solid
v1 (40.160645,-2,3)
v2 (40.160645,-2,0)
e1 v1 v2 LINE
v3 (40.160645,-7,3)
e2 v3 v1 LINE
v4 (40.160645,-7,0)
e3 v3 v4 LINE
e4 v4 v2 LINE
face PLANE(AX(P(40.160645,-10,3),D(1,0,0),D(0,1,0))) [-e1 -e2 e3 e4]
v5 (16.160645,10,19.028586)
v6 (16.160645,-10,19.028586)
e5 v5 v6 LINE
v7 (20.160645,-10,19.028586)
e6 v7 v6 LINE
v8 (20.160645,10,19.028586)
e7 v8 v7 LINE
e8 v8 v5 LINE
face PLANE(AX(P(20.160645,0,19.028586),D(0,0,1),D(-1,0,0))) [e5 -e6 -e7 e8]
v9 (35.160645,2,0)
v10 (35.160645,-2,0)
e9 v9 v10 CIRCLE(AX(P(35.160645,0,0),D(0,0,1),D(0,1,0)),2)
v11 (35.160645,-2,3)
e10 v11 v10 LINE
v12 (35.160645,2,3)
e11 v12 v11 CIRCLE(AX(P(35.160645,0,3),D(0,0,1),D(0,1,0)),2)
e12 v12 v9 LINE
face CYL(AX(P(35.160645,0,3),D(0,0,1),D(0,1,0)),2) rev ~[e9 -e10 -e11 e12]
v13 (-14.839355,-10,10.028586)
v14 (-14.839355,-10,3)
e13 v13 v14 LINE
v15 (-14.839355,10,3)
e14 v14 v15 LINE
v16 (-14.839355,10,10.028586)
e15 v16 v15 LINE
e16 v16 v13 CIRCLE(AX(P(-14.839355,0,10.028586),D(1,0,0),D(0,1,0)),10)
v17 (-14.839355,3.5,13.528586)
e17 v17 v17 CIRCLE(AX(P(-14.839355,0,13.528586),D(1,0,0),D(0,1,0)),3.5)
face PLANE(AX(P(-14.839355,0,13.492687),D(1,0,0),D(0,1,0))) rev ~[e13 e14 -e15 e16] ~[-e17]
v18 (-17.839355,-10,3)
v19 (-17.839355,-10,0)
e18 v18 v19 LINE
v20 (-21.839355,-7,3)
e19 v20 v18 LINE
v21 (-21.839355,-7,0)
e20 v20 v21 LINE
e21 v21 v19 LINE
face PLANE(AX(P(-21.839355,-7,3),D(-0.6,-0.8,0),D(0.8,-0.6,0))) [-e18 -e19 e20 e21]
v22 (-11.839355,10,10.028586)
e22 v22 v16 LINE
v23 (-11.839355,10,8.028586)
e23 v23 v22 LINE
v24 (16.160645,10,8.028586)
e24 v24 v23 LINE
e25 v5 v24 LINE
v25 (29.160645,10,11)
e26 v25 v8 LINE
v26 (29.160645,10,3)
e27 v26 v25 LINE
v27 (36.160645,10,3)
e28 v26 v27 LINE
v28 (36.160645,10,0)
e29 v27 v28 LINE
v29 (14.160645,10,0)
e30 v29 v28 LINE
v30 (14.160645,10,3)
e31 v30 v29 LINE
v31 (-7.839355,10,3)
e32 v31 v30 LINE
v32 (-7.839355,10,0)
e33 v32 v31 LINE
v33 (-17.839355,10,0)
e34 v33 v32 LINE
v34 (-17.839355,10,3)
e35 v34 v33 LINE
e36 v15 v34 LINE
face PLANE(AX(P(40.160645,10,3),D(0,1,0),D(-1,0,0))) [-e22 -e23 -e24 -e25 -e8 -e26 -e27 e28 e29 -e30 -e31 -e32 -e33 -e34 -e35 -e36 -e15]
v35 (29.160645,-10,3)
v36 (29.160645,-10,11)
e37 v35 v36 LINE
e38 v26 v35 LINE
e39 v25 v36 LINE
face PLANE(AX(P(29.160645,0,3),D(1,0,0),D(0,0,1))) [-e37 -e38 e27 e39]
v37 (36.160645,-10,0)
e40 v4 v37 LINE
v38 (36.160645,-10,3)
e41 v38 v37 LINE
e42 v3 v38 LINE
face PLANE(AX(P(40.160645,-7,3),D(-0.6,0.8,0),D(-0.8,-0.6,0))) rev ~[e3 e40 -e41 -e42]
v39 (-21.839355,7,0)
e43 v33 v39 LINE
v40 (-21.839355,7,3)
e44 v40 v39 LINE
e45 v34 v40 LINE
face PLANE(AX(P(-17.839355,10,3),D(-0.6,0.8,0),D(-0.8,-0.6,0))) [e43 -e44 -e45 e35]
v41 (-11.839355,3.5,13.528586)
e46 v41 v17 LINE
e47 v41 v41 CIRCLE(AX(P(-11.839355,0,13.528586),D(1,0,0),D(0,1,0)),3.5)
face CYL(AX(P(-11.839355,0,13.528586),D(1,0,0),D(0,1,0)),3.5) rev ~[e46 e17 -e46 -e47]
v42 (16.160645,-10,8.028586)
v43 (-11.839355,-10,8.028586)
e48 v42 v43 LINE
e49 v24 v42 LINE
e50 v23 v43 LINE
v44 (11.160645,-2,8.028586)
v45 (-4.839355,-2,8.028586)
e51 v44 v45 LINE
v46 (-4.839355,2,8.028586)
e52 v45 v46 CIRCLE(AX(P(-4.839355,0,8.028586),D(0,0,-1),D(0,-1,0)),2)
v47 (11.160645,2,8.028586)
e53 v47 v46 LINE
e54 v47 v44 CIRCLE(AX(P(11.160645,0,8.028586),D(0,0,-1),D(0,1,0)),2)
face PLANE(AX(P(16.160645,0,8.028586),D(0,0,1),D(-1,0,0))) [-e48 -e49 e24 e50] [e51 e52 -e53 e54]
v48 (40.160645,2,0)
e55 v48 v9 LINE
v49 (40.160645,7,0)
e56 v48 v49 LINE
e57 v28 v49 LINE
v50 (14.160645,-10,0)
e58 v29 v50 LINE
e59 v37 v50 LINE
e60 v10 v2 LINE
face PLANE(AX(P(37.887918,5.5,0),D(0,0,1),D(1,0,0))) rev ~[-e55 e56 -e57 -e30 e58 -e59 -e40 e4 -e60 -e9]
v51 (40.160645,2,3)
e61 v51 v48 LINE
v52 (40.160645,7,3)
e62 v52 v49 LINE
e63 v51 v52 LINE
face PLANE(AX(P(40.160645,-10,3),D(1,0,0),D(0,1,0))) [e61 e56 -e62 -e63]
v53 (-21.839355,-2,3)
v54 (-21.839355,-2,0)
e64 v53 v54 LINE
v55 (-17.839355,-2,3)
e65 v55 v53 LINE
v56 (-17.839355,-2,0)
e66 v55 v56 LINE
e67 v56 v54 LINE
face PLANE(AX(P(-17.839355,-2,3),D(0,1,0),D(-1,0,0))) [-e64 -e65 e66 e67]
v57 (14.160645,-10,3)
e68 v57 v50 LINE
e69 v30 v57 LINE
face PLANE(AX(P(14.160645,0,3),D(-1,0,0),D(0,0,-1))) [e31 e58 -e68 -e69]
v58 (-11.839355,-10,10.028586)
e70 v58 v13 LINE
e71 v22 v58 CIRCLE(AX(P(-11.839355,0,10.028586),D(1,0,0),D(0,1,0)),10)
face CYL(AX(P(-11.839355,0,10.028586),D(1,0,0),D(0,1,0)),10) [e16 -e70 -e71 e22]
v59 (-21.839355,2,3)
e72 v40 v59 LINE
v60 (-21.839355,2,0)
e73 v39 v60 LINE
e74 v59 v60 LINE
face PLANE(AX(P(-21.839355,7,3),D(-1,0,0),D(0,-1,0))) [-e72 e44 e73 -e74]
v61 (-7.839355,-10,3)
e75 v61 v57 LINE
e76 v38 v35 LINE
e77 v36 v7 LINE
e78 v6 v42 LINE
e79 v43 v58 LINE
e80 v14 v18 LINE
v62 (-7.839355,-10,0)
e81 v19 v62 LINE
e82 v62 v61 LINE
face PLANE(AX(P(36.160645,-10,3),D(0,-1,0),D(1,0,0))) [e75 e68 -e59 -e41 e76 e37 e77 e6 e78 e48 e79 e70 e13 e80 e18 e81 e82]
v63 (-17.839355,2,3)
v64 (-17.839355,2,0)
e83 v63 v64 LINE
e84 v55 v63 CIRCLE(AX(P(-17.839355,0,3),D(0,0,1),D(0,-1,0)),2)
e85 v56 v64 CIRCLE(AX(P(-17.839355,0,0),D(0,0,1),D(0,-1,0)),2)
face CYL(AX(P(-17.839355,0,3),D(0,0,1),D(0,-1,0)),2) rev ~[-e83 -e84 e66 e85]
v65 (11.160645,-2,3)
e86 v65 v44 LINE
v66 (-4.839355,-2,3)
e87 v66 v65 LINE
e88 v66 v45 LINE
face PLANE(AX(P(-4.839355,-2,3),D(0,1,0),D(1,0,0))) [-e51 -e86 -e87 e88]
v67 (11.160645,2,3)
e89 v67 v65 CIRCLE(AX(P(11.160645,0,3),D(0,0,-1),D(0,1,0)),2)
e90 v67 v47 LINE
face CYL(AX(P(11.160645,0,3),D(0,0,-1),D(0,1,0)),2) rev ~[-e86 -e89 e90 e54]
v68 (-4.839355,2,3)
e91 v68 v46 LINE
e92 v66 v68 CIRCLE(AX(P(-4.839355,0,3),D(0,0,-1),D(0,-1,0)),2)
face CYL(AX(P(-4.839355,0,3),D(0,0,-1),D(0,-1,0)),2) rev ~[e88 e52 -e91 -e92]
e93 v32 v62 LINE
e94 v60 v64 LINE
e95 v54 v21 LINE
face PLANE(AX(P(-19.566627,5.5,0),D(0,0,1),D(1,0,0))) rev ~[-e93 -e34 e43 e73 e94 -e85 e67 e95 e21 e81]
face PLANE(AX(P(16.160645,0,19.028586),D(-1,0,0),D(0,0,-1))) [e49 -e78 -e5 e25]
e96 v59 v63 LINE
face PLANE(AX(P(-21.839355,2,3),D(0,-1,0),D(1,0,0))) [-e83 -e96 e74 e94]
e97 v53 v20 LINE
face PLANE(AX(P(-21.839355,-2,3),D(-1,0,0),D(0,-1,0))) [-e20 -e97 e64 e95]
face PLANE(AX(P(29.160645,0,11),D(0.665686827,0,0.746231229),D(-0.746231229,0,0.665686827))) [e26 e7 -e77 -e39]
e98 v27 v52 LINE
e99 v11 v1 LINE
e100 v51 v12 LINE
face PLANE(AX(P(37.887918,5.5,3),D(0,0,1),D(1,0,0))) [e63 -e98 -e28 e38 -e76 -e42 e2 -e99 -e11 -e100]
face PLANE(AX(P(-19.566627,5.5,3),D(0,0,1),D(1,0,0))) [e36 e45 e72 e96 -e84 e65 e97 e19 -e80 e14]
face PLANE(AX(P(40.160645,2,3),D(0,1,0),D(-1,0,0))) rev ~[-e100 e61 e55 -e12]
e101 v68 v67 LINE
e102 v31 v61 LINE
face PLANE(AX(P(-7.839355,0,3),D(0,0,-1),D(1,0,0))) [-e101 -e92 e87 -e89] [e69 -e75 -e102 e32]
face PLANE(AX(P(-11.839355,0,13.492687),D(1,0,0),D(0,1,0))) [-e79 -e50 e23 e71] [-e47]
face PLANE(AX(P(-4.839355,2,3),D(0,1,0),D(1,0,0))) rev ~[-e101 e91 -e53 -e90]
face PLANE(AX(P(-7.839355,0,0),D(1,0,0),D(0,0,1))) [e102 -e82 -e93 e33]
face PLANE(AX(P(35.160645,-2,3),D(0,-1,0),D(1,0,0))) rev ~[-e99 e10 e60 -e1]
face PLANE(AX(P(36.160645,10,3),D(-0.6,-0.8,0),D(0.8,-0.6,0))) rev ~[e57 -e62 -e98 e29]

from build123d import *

# Parameters (mm, degrees)
F1_DEPTH  = 10
F3_W      = 4
F3_H      = 4
F4_DEPTH  = 3
F5_DEPTH  = 3
F7_DEPTH  = 3
F8_DEPTH  = 3
F9_W      = 16
F9_H      = 4
F10_DEPTH = 6
F11_DEPTH = 3
F12_R     = 3.5
F13_DEPTH = 3


with BuildPart() as f1:
    # F0 (on Front) → F1 (new body, symmetric)
    with BuildSketch(Plane.XZ):
        Polygon((-17.8393546607, 3), (-17.8393546607, 0), (-7.8393546607, 0), (-7.8393546607, 3), (14.1606453393, 3), (14.1606453393, 0), (36.1606453393, 0), (36.1606453393, 3), (29.1606453393, 3), (29.1606453393, 11), (20.1606453393, 19.0285857916), (16.1606453393, 19.0285857916), (16.1606453393, 8.0285857916), (-11.8393546607, 8.0285857916), (-11.8393546607, 10.0285857916), (-14.8393546607, 10.0285857916), (-14.8393546607, 3), align=None)
    extrude(amount=F1_DEPTH, both=True)

    # F3 (on face) → F4 (join)
    with BuildSketch(Plane.XY.offset(3)):
        Polygon((40.1606453393, 7), (36.1606453393, 10), (36.1606453393, 2), (40.1606453393, 2), align=None)
        Polygon((40.1606453393, 10), (36.1606453393, 10), (40.1606453393, 7), align=None)
        with Locations((38.1606453393, 0)):
            Rectangle(F3_W, F3_H)
        with BuildLine():
            Line((36.1606453393, -2), (36.1606453393, 2))
            Line((36.1606453393, 2), (35.1606453393, 2))
            ThreePointArc((35.1606453393, 2), (33.1606453393, 0), (35.1606453393, -2))
            Line((35.1606453393, -2), (36.1606453393, -2))
        make_face()
        Polygon((40.1606453393, -2), (36.1606453393, -2), (36.1606453393, -10), (40.1606453393, -7), align=None)
        Polygon((40.1606453393, -7), (36.1606453393, -10), (40.1606453393, -10), align=None)
    extrude(amount=-F4_DEPTH)

    # F3 (on face) → F5 (cut)
    with BuildSketch(Plane.XY.offset(3)):
        with Locations((38.1606453393, 0)):
            Rectangle(F3_W, F3_H)
        with BuildLine():
            Line((36.1606453393, -2), (36.1606453393, 2))
            Line((36.1606453393, 2), (35.1606453393, 2))
            ThreePointArc((35.1606453393, 2), (33.1606453393, 0), (35.1606453393, -2))
            Line((35.1606453393, -2), (36.1606453393, -2))
        make_face()
        Polygon((40.1606453393, -7), (36.1606453393, -10), (40.1606453393, -10), align=None)
        Polygon((40.1606453393, 10), (36.1606453393, 10), (40.1606453393, 7), align=None)
    extrude(amount=-F5_DEPTH, mode=Mode.SUBTRACT)

    # F6 (on face) → F7 (join)
    with BuildSketch(Plane.XY.offset(3)):
        Polygon((-17.8393546607, 2), (-17.8393546607, 10), (-21.8393546607, 7), (-21.8393546607, 2), align=None)
        Polygon((-17.8393546607, -10), (-17.8393546607, -2), (-21.8393546607, -2), (-21.8393546607, -7), align=None)
    extrude(amount=-F7_DEPTH)

    # F6 (on face) → F8 (cut)
    with BuildSketch(Plane.XY.offset(3)):
        with BuildLine():
            ThreePointArc((-17.8393546607, -2), (-15.8393546607, 0), (-17.8393546607, 2))
            Line((-17.8393546607, 2), (-17.8393546607, -2))
        make_face()
    extrude(amount=-F8_DEPTH, mode=Mode.SUBTRACT)

    # F9 (on face) → F10 (cut)
    with BuildSketch(Plane(origin=(0, 0, 3), x_dir=(1, 0, 0), z_dir=(0, 0, -1))):
        with Locations((3.1606453393, 0)):
            Rectangle(F9_W, F9_H)
        with BuildLine():
            Line((-4.8393546607, -2), (-4.8393546607, 2))
            ThreePointArc((-4.8393546607, 2), (-6.8393546607, 0), (-4.8393546607, -2))
        make_face()
        with BuildLine():
            ThreePointArc((11.1606453393, -2), (13.1606453393, 0), (11.1606453393, 2))
            Line((11.1606453393, 2), (11.1606453393, -2))
        make_face()
    extrude(amount=-F10_DEPTH, mode=Mode.SUBTRACT)

    # F2 (on face) → F11 (join)
    with BuildSketch(Plane.YZ.offset(-11.8393546607)):
        with BuildLine():
            Line((-10, 10.0285857916), (10, 10.0285857916))
            ThreePointArc((10, 10.0285857916), (0, 20.0285857916), (-10, 10.0285857916))
        make_face()
    extrude(amount=-F11_DEPTH)

    # F12 (on face) → F13 (cut)
    with BuildSketch(Plane.YZ.offset(-11.8393546607)):
        with Locations((0, 13.5285857916)):
            Circle(F12_R)
    extrude(amount=-F13_DEPTH, mode=Mode.SUBTRACT)


solid = f1.part
